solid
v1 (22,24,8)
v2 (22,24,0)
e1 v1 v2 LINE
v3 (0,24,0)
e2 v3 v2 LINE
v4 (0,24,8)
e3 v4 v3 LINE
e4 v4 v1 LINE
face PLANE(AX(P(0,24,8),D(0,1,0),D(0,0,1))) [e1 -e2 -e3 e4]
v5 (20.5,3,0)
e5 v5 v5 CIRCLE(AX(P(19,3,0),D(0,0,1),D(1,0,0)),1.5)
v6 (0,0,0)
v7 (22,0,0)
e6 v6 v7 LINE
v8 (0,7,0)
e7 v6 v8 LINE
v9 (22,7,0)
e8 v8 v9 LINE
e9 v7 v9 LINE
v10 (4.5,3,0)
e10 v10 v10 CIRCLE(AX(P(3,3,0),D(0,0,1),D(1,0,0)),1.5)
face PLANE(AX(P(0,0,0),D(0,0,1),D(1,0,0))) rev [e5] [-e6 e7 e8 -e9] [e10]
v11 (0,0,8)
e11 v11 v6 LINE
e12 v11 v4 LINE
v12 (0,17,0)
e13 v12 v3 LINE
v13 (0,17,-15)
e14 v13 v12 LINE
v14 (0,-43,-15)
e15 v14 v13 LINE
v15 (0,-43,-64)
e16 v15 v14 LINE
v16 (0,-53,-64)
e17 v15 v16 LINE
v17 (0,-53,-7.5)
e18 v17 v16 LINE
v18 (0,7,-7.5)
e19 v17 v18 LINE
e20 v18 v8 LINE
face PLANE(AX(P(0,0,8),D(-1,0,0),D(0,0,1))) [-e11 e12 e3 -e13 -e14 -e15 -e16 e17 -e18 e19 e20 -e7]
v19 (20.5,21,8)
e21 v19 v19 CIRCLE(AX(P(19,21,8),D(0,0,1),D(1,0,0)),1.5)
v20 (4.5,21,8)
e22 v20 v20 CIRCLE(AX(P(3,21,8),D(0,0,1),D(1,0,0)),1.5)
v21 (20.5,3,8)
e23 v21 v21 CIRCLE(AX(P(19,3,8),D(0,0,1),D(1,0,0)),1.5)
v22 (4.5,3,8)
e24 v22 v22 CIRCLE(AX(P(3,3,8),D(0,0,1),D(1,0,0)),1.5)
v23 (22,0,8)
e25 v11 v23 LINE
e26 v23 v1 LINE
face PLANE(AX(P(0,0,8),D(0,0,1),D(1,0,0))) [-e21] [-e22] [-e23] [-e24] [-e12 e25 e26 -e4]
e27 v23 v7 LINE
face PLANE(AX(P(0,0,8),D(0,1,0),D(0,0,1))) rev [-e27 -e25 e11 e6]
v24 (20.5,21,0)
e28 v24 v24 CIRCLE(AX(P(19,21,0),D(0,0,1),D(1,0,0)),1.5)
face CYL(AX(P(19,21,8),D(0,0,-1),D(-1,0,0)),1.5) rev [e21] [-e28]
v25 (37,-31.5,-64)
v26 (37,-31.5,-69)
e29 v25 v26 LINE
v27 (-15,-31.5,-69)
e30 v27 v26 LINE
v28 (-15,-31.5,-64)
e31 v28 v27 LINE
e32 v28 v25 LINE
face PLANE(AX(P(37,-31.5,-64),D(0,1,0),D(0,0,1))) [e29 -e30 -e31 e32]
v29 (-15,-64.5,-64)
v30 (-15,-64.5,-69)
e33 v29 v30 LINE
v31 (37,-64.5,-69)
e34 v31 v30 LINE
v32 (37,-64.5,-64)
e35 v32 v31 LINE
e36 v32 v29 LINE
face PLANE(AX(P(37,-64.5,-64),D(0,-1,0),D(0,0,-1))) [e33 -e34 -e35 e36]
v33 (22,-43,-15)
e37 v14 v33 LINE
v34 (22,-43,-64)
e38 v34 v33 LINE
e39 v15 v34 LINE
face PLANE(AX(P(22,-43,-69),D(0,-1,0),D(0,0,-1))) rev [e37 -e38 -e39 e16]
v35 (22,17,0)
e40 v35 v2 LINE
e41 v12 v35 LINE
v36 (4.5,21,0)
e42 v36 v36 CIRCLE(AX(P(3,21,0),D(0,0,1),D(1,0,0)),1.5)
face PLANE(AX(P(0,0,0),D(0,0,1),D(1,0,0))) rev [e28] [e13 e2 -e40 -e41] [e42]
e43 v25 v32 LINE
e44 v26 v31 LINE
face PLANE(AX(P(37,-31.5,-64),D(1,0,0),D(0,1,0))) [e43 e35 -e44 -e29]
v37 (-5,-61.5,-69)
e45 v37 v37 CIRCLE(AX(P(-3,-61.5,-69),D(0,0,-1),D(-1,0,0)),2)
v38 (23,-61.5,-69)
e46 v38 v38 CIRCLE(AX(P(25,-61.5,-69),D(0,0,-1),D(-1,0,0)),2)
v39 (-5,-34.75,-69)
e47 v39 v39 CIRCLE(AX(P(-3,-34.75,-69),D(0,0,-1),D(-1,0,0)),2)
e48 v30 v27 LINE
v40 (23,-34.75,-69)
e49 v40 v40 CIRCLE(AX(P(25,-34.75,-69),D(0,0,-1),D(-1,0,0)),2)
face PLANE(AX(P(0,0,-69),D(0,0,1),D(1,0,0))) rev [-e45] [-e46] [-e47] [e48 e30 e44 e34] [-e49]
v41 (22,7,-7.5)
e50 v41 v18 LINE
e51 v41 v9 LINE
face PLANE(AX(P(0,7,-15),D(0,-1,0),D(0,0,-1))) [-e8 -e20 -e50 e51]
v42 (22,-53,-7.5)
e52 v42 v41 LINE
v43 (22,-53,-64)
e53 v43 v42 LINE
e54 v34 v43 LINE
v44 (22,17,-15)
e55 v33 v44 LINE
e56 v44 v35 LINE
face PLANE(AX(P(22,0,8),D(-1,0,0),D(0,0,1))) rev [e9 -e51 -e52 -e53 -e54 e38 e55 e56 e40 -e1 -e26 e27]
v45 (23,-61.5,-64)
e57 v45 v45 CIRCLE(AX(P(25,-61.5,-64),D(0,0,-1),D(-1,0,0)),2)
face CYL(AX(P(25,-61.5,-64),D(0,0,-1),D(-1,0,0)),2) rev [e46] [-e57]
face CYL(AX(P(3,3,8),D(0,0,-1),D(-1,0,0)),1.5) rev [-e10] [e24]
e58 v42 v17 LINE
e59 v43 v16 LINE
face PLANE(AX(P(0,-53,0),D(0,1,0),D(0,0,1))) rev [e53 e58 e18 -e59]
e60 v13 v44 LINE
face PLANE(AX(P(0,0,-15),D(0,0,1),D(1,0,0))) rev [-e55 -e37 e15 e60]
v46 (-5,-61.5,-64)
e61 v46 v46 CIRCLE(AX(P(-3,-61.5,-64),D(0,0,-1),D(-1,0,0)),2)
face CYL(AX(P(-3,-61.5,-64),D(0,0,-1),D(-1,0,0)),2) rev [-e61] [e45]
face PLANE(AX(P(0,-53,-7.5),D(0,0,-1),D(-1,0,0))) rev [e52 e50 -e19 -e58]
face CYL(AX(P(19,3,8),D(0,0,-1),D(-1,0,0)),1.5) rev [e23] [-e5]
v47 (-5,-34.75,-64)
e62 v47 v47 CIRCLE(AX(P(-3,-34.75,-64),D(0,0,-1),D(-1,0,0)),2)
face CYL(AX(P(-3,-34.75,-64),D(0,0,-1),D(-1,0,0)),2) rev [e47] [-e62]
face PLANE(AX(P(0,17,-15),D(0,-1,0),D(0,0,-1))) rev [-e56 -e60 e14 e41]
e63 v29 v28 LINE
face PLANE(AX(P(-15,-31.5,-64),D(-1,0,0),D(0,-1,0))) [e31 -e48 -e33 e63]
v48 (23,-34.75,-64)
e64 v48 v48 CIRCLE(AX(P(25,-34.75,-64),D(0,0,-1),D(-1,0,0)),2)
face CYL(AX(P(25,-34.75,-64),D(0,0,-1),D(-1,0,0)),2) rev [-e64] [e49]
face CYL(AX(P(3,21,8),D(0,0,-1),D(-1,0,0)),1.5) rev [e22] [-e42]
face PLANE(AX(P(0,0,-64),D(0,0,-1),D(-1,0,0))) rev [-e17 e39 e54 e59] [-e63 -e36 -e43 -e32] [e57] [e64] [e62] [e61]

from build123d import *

# Parameters (mm, degrees)
ESQUISSE1_W             = 22
ESQUISSE1_H             = 24
ESQUISSE1_R             = 1.5
BOSS_EXTRU_1_DEPTH      = 8
ESQUISSE1_3_W           = 22
ESQUISSE1_3_H           = 10
BOSS_EXTRU_2_DEPTH      = 15
ESQUISSE2_W             = 22
ESQUISSE2_H             = 7.5
BOSS_EXTRU_3_DEPTH      = 60
ESQUISSE3_W             = 22
ESQUISSE3_H             = 10
BOSS_EXTRU_4_DEPTH      = 54
ESQUISSE4_W             = 52
ESQUISSE4_H             = 33
BOSS_EXTRU_5_DEPTH      = 5
ESQUISSE6_R             = 2
ENL_V_MAT_EXTRU_1_DEPTH = 5


with BuildPart() as part:
    # Esquisse1 → Boss.-Extru.1 (new body)
    with BuildSketch(Plane.XY):
        with Locations((11, 12)):
            Rectangle(ESQUISSE1_W, ESQUISSE1_H)
        with Locations((3, 3)):
            Circle(ESQUISSE1_R, mode=Mode.SUBTRACT)
        with Locations((19, 3)):
            Circle(ESQUISSE1_R, mode=Mode.SUBTRACT)
        with Locations((19, 21)):
            Circle(ESQUISSE1_R, mode=Mode.SUBTRACT)
        with Locations((3, 21)):
            Circle(ESQUISSE1_R, mode=Mode.SUBTRACT)
    extrude(amount=BOSS_EXTRU_1_DEPTH)

    # Esquisse1<3> → Boss.-Extru.2 (add)
    with BuildSketch(Plane.XY):
        with Locations((11, 12)):
            Rectangle(ESQUISSE1_3_W, ESQUISSE1_3_H)
    extrude(amount=-BOSS_EXTRU_2_DEPTH)

    # Esquisse2 → Boss.-Extru.3 (add)
    with BuildSketch(Plane.XZ.offset(-7)):
        with Locations((11, -11.25)):
            Rectangle(ESQUISSE2_W, ESQUISSE2_H)
    extrude(amount=BOSS_EXTRU_3_DEPTH)

    # Esquisse3 → Boss.-Extru.4 (add)
    with BuildSketch(Plane(origin=(0, 0, -15), x_dir=(-1, 0, 0), z_dir=(0, 0, -1))):
        with Locations((-11, -48)):
            Rectangle(ESQUISSE3_W, ESQUISSE3_H)
    extrude(amount=BOSS_EXTRU_4_DEPTH)

    # Esquisse4 → Boss.-Extru.5 (add)
    with BuildSketch(Plane(origin=(0, 0, -69), x_dir=(-1, 0, 0), z_dir=(0, 0, -1))):
        with Locations((-11, -48)):
            Rectangle(ESQUISSE4_W, ESQUISSE4_H)
    extrude(amount=-BOSS_EXTRU_5_DEPTH)

    # Esquisse6 → Enlèv. mat.-Extru.1 (cut)
    with BuildSketch(Plane(origin=(0, 0, -69), x_dir=(-1, 0, 0), z_dir=(0, 0, -1))):
        with Locations((-25, -34.75)):
            Circle(ESQUISSE6_R)
        with Locations((-25, -61.5)):
            Circle(ESQUISSE6_R)
        with Locations((3, -34.75)):
            Circle(ESQUISSE6_R)
        with Locations((3, -61.5)):
            Circle(ESQUISSE6_R)
    extrude(amount=-ENL_V_MAT_EXTRU_1_DEPTH, mode=Mode.SUBTRACT)


solid = part.part
